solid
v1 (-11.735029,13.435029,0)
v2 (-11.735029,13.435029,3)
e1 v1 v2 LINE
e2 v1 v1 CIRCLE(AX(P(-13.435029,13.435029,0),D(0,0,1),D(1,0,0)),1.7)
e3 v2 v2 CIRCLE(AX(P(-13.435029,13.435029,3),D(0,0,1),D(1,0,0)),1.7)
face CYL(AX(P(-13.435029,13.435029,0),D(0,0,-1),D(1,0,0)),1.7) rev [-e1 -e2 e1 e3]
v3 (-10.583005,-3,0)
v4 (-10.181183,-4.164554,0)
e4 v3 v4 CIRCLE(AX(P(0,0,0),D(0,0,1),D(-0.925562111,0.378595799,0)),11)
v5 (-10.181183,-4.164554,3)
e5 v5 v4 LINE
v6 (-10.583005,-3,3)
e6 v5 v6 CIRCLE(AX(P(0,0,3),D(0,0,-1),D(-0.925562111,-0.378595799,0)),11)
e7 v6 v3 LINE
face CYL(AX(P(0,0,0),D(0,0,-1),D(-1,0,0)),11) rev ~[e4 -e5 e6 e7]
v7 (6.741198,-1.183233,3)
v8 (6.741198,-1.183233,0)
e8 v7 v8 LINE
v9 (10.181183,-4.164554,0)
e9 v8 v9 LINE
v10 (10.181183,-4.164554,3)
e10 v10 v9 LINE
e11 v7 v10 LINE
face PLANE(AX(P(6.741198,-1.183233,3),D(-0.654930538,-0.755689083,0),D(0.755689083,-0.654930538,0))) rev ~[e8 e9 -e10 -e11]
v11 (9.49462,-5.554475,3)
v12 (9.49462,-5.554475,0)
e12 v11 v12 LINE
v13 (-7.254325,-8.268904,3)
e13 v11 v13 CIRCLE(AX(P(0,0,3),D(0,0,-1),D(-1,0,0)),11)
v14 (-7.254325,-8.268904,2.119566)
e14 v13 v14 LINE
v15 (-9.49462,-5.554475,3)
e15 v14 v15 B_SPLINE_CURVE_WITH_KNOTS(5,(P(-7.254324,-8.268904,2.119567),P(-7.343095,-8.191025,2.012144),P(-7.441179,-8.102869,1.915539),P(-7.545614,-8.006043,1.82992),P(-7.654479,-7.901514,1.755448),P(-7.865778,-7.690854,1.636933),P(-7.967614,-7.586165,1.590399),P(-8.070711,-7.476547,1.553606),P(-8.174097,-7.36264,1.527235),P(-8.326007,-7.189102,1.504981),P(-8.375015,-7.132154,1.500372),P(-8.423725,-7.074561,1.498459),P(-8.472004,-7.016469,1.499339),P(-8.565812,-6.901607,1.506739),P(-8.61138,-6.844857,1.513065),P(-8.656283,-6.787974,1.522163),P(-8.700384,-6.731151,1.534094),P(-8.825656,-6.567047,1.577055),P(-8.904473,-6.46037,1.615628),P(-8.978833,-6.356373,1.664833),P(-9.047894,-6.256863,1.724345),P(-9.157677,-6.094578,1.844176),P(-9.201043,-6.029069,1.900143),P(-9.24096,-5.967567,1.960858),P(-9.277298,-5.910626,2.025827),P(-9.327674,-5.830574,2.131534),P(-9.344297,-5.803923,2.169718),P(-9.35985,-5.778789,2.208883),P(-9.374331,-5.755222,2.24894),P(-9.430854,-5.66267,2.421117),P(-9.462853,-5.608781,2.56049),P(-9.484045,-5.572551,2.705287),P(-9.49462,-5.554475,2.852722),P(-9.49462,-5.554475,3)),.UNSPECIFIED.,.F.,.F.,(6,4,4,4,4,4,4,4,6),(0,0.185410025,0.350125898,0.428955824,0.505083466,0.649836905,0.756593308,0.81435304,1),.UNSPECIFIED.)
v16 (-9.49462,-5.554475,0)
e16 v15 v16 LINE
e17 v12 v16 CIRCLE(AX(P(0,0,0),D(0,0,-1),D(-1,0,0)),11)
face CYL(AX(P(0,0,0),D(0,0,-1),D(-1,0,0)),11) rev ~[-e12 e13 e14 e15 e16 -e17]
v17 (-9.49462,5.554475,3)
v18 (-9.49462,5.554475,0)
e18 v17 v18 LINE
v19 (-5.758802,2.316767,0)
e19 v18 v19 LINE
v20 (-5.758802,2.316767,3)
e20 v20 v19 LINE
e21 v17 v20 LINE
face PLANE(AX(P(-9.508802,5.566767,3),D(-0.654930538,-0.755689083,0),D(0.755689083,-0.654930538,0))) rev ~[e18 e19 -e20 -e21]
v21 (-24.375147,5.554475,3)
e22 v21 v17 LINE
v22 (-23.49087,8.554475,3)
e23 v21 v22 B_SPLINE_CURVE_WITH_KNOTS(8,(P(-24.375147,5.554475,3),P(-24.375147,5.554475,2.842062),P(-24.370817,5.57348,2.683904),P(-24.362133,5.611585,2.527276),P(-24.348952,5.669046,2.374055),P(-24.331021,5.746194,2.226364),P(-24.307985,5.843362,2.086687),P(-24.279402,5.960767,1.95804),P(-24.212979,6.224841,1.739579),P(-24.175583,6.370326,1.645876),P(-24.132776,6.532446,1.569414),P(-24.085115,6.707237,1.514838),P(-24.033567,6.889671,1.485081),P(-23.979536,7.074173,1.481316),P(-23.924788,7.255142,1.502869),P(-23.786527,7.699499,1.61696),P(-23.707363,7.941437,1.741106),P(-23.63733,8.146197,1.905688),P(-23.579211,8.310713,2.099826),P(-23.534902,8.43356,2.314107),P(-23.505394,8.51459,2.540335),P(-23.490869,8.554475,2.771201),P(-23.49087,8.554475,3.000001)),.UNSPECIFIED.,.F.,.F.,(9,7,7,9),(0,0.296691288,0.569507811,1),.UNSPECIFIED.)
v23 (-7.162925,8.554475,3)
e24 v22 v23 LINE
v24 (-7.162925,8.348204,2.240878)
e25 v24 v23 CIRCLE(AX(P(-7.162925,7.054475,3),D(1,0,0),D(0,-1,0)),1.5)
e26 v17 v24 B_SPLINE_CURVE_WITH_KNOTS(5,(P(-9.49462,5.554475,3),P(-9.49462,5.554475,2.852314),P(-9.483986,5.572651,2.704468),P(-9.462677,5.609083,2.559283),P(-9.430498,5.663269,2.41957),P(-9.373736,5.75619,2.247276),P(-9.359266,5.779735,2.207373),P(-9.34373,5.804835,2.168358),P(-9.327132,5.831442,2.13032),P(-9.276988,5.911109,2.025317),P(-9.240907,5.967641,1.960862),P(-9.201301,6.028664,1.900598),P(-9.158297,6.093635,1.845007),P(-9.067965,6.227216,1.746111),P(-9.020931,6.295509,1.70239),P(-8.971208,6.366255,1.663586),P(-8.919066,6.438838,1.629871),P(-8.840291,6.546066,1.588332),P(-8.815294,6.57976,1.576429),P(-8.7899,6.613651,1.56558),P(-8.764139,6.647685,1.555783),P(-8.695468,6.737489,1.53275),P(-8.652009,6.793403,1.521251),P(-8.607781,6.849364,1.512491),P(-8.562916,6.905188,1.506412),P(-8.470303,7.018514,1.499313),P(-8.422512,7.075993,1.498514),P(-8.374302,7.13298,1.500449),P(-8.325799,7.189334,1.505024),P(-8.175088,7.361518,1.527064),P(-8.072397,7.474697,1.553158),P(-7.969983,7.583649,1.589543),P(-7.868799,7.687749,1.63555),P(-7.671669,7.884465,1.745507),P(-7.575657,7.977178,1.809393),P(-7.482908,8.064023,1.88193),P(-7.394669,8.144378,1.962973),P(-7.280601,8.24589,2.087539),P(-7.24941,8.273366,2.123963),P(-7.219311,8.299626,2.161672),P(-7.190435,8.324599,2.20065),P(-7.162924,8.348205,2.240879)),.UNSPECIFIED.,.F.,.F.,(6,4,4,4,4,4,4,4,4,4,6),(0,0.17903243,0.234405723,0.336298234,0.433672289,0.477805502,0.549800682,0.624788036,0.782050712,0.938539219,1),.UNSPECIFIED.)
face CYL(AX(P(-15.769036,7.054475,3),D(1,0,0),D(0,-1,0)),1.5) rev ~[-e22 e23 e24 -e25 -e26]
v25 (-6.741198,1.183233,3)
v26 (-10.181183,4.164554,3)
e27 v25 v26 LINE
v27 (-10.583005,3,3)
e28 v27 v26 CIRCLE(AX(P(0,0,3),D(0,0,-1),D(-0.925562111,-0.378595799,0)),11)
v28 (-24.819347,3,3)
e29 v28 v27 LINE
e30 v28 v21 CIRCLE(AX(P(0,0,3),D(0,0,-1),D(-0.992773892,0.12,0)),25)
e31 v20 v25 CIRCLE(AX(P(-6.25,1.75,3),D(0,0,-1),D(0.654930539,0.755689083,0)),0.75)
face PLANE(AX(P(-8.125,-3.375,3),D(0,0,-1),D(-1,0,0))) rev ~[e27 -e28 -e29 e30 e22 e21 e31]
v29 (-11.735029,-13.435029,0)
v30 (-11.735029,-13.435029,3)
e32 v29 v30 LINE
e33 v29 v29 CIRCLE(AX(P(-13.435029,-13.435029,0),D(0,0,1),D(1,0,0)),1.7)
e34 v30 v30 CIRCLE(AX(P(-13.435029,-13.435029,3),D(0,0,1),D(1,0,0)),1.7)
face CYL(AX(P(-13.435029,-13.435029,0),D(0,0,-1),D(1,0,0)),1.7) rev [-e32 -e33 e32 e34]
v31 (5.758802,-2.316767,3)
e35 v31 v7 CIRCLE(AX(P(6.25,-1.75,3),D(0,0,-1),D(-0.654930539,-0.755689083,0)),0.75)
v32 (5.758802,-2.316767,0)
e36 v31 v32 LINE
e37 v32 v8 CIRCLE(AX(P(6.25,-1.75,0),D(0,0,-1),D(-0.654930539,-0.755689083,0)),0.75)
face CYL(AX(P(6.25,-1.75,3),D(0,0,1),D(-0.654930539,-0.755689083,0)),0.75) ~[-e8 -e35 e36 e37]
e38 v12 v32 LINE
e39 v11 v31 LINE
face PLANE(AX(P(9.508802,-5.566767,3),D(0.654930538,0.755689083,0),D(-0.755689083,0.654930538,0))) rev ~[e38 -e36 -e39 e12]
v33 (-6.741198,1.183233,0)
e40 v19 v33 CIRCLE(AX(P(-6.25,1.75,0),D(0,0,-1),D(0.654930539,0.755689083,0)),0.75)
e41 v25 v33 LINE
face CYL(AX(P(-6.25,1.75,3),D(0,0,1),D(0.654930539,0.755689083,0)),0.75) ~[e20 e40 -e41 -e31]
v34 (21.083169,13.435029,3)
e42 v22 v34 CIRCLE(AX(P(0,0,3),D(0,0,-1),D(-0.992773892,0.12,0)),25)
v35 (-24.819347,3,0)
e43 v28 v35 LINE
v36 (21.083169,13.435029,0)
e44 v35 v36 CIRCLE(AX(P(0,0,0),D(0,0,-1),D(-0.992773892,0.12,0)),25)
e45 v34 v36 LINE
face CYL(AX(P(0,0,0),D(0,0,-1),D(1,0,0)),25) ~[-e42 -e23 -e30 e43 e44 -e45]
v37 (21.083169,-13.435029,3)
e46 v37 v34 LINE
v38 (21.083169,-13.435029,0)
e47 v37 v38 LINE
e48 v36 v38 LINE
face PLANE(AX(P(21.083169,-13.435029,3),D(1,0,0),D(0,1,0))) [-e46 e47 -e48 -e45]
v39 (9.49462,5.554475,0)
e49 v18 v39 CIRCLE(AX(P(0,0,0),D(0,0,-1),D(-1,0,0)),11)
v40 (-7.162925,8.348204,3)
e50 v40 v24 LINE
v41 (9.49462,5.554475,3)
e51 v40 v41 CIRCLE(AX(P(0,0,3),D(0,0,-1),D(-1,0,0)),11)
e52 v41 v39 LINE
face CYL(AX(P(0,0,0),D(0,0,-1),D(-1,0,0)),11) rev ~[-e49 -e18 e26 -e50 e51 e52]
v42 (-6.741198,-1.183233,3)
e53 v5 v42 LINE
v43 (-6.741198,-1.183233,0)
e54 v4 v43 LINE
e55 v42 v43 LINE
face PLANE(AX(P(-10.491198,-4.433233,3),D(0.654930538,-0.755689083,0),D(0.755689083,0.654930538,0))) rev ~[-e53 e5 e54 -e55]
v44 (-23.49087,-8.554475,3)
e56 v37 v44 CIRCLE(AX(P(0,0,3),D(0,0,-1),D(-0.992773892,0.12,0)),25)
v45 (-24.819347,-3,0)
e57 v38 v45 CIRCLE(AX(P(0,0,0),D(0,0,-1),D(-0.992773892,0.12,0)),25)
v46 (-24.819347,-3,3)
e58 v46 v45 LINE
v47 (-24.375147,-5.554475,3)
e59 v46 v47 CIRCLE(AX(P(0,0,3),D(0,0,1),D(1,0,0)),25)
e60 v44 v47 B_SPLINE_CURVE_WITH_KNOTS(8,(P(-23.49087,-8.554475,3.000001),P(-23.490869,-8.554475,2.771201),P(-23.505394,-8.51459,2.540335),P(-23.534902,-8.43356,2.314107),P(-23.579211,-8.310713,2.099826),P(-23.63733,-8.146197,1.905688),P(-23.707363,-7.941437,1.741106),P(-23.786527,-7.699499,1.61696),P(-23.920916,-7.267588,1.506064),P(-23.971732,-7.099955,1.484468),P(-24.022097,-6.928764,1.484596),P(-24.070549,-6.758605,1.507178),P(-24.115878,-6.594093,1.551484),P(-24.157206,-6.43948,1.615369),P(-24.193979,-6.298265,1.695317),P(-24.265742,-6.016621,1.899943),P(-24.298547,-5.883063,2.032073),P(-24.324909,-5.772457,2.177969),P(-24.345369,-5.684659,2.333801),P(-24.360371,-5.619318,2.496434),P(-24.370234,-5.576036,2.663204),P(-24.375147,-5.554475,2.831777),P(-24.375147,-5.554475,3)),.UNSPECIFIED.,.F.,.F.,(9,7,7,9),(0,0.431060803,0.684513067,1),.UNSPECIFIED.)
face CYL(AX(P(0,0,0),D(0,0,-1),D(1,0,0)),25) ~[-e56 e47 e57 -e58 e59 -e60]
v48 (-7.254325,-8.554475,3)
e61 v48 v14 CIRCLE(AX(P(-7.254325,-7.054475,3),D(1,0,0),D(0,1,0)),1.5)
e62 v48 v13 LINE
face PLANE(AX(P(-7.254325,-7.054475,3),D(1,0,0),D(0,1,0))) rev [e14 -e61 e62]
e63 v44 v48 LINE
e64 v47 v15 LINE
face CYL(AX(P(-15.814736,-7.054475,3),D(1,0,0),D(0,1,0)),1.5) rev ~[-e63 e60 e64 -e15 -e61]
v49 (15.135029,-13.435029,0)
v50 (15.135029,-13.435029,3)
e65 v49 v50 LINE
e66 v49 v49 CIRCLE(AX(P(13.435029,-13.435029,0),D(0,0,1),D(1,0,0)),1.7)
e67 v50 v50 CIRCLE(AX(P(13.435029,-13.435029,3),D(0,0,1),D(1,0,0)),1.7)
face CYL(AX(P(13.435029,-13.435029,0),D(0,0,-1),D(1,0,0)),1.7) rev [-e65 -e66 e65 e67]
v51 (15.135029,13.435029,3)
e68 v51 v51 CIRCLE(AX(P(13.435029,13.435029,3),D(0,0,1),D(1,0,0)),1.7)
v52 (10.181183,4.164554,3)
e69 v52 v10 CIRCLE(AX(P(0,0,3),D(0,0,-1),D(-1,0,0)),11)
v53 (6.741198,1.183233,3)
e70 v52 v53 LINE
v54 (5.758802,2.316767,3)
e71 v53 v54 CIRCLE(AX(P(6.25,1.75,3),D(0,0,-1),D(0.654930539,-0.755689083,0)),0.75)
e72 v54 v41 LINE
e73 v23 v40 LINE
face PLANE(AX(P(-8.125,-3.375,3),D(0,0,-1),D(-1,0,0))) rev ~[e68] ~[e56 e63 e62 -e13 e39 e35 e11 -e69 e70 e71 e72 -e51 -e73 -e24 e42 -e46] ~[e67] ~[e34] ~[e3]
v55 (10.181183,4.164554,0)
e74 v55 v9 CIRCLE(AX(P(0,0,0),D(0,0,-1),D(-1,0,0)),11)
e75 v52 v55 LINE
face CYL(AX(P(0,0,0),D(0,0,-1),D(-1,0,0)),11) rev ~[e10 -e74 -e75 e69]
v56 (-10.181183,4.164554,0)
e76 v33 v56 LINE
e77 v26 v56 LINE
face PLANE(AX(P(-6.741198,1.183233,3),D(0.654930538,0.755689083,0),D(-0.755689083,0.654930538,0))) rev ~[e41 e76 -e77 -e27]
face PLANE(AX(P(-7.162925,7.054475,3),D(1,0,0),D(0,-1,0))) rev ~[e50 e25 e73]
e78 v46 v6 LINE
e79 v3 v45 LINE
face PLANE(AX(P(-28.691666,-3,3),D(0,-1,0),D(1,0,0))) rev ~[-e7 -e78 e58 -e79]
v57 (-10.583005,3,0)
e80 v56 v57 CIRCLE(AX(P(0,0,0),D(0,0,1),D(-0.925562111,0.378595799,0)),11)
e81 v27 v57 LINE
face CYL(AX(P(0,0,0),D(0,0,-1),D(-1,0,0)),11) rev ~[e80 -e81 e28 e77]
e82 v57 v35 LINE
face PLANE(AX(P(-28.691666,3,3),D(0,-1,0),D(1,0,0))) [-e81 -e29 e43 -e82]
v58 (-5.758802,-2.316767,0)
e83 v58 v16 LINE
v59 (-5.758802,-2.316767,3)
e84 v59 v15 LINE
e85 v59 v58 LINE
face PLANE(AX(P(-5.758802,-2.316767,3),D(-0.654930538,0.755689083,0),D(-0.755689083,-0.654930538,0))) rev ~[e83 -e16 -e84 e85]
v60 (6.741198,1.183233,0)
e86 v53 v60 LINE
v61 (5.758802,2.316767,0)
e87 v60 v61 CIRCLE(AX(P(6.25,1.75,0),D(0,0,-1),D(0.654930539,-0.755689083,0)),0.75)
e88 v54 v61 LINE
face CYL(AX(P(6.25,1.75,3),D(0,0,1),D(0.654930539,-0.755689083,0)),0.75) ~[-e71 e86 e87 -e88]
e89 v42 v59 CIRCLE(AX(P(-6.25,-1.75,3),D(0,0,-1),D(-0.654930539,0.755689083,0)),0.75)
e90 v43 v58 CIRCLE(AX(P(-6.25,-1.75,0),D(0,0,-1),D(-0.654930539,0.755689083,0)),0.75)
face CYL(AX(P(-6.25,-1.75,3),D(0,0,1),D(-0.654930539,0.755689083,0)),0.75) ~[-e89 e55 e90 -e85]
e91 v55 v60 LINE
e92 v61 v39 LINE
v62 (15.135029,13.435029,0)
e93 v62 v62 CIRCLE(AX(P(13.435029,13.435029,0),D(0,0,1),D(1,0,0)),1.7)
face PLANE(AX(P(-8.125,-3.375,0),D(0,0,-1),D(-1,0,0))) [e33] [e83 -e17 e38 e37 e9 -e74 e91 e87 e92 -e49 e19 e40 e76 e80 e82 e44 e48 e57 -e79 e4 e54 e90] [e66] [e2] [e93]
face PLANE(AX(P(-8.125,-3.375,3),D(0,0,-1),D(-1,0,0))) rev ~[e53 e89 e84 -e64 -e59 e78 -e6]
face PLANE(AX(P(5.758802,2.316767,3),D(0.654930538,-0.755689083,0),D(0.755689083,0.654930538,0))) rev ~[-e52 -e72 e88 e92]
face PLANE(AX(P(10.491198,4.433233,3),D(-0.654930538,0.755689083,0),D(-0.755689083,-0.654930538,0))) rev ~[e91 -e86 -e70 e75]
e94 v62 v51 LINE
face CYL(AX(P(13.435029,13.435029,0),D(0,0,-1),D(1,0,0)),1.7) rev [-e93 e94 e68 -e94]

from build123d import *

# Parameters (mm, degrees)
ESQUISSE1_R             = 25
ESQUISSE1_R_2           = 1.7
BOSS_EXTRU_1_DEPTH      = 3
ESQUISSE6_R             = 11
ENL_V_MAT_EXTRU_2_DEPTH = 36.482389998
BOSS_EXTRU_6_DEPTH      = 3
ESQUISSE11_W            = 18.64617436
ESQUISSE11_H            = 6
ENL_V_MAT_EXTRU_3_DEPTH = 36.482389998
ESQUISSE12_W            = 17.120822442
ESQUISSE12_H            = 1.5
ESQUISSE13_W            = 17.212222589
ESQUISSE13_H            = 1.5
ESQUISSE14_W            = 6.427132246
ESQUISSE14_H            = 29.186840833
ENL_V_MAT_EXTRU_4_DEPTH = 36.482390148


with BuildPart() as part:
    # Esquisse1 → Boss.-Extru.1 (new body)
    with BuildSketch(Plane.XY):
        Circle(ESQUISSE1_R)
        with Locations((-13.435028843, 13.435028843)):
            Circle(ESQUISSE1_R_2, mode=Mode.SUBTRACT)
        with Locations((13.435028843, 13.435028843)):
            Circle(ESQUISSE1_R_2, mode=Mode.SUBTRACT)
        with Locations((13.435028843, -13.435028843)):
            Circle(ESQUISSE1_R_2, mode=Mode.SUBTRACT)
        with Locations((-13.435028843, -13.435028843)):
            Circle(ESQUISSE1_R_2, mode=Mode.SUBTRACT)
    extrude(amount=BOSS_EXTRU_1_DEPTH)

    # Esquisse6 → Enlèv. mat.-Extru.2 (cut, through all)
    with BuildSketch(Plane(origin=(0, 0, 0), x_dir=(-1, 0, 0), z_dir=(0, 0, -1))):
        Circle(ESQUISSE6_R)
    extrude(amount=-ENL_V_MAT_EXTRU_2_DEPTH, mode=Mode.SUBTRACT)

    # Esquisse10 → Boss.-Extru.6 (add)
    with BuildSketch(Plane.XY.offset(3)):
        with BuildLine():
            Line((-5.758802096, -2.316766812), (-9.508802096, -5.566766812))
            ThreePointArc((-9.508802096, -5.566766812), (-10.566766812, -5.491197904), (-10.491197904, -4.433233188))
            Line((-10.491197904, -4.433233188), (-6.741197904, -1.183233188))
            ThreePointArc((-6.741197904, -1.183233188), (-5.683233188, -1.258802096), (-5.758802096, -2.316766812))
        make_face()
        with BuildLine():
            Line((-6.741197904, 1.183233188), (-10.491197904, 4.433233188))
            ThreePointArc((-10.491197904, 4.433233188), (-10.566766812, 5.491197904), (-9.508802096, 5.566766812))
            Line((-9.508802096, 5.566766812), (-5.758802096, 2.316766812))
            ThreePointArc((-5.758802096, 2.316766812), (-5.683233188, 1.258802096), (-6.741197904, 1.183233188))
        make_face()
        with BuildLine():
            Line((9.508802096, -5.566766812), (5.758802096, -2.316766812))
            ThreePointArc((5.758802096, -2.316766812), (5.683233188, -1.258802096), (6.741197904, -1.183233188))
            Line((6.741197904, -1.183233188), (10.491197904, -4.433233188))
            ThreePointArc((10.491197904, -4.433233188), (10.566766812, -5.491197904), (9.508802096, -5.566766812))
        make_face()
        with BuildLine():
            Line((10.491197904, 4.433233188), (6.741197904, 1.183233188))
            ThreePointArc((6.741197904, 1.183233188), (5.683233188, 1.258802096), (5.758802096, 2.316766812))
            Line((5.758802096, 2.316766812), (9.508802096, 5.566766812))
            ThreePointArc((9.508802096, 5.566766812), (10.566766812, 5.491197904), (10.491197904, 4.433233188))
        make_face()
    extrude(amount=-BOSS_EXTRU_6_DEPTH)

    # Esquisse11 → Enlèv. mat.-Extru.3 (cut, through all)
    with BuildSketch(Plane.XY.offset(3)):
        with Locations((-19.368578738, 0)):
            Rectangle(ESQUISSE11_W, ESQUISSE11_H)
    extrude(amount=-ENL_V_MAT_EXTRU_3_DEPTH, mode=Mode.SUBTRACT)

    # Esquisse12 → Enlèvement de matière-Révolution1 (revolve, cut)
    with BuildSketch(Plane.XY.offset(3)):
        with Locations((-15.814736021, -6.304475395)):
            Rectangle(ESQUISSE12_W, ESQUISSE12_H)
    revolve(axis=Axis((-24.375147242, -7.054475395, 3), (1, 0, 0)), mode=Mode.SUBTRACT)

    # Esquisse13 → Enlèvement de matière-Révolution2 (revolve, cut)
    with BuildSketch(Plane.XY.offset(3)):
        with Locations((-15.769035948, 6.304475395)):
            Rectangle(ESQUISSE13_W, ESQUISSE13_H)
    revolve(axis=Axis((-24.375147242, 7.054475395, 3), (1, 0, 0)), mode=Mode.SUBTRACT)

    # Esquisse14 → Enlèv. mat.-Extru.4 (cut, through all)
    with BuildSketch(Plane.XY.offset(3)):
        with Locations((24.296734765, 1.158391573)):
            Rectangle(ESQUISSE14_W, ESQUISSE14_H)
    extrude(amount=-ENL_V_MAT_EXTRU_4_DEPTH, mode=Mode.SUBTRACT)


solid = part.part
